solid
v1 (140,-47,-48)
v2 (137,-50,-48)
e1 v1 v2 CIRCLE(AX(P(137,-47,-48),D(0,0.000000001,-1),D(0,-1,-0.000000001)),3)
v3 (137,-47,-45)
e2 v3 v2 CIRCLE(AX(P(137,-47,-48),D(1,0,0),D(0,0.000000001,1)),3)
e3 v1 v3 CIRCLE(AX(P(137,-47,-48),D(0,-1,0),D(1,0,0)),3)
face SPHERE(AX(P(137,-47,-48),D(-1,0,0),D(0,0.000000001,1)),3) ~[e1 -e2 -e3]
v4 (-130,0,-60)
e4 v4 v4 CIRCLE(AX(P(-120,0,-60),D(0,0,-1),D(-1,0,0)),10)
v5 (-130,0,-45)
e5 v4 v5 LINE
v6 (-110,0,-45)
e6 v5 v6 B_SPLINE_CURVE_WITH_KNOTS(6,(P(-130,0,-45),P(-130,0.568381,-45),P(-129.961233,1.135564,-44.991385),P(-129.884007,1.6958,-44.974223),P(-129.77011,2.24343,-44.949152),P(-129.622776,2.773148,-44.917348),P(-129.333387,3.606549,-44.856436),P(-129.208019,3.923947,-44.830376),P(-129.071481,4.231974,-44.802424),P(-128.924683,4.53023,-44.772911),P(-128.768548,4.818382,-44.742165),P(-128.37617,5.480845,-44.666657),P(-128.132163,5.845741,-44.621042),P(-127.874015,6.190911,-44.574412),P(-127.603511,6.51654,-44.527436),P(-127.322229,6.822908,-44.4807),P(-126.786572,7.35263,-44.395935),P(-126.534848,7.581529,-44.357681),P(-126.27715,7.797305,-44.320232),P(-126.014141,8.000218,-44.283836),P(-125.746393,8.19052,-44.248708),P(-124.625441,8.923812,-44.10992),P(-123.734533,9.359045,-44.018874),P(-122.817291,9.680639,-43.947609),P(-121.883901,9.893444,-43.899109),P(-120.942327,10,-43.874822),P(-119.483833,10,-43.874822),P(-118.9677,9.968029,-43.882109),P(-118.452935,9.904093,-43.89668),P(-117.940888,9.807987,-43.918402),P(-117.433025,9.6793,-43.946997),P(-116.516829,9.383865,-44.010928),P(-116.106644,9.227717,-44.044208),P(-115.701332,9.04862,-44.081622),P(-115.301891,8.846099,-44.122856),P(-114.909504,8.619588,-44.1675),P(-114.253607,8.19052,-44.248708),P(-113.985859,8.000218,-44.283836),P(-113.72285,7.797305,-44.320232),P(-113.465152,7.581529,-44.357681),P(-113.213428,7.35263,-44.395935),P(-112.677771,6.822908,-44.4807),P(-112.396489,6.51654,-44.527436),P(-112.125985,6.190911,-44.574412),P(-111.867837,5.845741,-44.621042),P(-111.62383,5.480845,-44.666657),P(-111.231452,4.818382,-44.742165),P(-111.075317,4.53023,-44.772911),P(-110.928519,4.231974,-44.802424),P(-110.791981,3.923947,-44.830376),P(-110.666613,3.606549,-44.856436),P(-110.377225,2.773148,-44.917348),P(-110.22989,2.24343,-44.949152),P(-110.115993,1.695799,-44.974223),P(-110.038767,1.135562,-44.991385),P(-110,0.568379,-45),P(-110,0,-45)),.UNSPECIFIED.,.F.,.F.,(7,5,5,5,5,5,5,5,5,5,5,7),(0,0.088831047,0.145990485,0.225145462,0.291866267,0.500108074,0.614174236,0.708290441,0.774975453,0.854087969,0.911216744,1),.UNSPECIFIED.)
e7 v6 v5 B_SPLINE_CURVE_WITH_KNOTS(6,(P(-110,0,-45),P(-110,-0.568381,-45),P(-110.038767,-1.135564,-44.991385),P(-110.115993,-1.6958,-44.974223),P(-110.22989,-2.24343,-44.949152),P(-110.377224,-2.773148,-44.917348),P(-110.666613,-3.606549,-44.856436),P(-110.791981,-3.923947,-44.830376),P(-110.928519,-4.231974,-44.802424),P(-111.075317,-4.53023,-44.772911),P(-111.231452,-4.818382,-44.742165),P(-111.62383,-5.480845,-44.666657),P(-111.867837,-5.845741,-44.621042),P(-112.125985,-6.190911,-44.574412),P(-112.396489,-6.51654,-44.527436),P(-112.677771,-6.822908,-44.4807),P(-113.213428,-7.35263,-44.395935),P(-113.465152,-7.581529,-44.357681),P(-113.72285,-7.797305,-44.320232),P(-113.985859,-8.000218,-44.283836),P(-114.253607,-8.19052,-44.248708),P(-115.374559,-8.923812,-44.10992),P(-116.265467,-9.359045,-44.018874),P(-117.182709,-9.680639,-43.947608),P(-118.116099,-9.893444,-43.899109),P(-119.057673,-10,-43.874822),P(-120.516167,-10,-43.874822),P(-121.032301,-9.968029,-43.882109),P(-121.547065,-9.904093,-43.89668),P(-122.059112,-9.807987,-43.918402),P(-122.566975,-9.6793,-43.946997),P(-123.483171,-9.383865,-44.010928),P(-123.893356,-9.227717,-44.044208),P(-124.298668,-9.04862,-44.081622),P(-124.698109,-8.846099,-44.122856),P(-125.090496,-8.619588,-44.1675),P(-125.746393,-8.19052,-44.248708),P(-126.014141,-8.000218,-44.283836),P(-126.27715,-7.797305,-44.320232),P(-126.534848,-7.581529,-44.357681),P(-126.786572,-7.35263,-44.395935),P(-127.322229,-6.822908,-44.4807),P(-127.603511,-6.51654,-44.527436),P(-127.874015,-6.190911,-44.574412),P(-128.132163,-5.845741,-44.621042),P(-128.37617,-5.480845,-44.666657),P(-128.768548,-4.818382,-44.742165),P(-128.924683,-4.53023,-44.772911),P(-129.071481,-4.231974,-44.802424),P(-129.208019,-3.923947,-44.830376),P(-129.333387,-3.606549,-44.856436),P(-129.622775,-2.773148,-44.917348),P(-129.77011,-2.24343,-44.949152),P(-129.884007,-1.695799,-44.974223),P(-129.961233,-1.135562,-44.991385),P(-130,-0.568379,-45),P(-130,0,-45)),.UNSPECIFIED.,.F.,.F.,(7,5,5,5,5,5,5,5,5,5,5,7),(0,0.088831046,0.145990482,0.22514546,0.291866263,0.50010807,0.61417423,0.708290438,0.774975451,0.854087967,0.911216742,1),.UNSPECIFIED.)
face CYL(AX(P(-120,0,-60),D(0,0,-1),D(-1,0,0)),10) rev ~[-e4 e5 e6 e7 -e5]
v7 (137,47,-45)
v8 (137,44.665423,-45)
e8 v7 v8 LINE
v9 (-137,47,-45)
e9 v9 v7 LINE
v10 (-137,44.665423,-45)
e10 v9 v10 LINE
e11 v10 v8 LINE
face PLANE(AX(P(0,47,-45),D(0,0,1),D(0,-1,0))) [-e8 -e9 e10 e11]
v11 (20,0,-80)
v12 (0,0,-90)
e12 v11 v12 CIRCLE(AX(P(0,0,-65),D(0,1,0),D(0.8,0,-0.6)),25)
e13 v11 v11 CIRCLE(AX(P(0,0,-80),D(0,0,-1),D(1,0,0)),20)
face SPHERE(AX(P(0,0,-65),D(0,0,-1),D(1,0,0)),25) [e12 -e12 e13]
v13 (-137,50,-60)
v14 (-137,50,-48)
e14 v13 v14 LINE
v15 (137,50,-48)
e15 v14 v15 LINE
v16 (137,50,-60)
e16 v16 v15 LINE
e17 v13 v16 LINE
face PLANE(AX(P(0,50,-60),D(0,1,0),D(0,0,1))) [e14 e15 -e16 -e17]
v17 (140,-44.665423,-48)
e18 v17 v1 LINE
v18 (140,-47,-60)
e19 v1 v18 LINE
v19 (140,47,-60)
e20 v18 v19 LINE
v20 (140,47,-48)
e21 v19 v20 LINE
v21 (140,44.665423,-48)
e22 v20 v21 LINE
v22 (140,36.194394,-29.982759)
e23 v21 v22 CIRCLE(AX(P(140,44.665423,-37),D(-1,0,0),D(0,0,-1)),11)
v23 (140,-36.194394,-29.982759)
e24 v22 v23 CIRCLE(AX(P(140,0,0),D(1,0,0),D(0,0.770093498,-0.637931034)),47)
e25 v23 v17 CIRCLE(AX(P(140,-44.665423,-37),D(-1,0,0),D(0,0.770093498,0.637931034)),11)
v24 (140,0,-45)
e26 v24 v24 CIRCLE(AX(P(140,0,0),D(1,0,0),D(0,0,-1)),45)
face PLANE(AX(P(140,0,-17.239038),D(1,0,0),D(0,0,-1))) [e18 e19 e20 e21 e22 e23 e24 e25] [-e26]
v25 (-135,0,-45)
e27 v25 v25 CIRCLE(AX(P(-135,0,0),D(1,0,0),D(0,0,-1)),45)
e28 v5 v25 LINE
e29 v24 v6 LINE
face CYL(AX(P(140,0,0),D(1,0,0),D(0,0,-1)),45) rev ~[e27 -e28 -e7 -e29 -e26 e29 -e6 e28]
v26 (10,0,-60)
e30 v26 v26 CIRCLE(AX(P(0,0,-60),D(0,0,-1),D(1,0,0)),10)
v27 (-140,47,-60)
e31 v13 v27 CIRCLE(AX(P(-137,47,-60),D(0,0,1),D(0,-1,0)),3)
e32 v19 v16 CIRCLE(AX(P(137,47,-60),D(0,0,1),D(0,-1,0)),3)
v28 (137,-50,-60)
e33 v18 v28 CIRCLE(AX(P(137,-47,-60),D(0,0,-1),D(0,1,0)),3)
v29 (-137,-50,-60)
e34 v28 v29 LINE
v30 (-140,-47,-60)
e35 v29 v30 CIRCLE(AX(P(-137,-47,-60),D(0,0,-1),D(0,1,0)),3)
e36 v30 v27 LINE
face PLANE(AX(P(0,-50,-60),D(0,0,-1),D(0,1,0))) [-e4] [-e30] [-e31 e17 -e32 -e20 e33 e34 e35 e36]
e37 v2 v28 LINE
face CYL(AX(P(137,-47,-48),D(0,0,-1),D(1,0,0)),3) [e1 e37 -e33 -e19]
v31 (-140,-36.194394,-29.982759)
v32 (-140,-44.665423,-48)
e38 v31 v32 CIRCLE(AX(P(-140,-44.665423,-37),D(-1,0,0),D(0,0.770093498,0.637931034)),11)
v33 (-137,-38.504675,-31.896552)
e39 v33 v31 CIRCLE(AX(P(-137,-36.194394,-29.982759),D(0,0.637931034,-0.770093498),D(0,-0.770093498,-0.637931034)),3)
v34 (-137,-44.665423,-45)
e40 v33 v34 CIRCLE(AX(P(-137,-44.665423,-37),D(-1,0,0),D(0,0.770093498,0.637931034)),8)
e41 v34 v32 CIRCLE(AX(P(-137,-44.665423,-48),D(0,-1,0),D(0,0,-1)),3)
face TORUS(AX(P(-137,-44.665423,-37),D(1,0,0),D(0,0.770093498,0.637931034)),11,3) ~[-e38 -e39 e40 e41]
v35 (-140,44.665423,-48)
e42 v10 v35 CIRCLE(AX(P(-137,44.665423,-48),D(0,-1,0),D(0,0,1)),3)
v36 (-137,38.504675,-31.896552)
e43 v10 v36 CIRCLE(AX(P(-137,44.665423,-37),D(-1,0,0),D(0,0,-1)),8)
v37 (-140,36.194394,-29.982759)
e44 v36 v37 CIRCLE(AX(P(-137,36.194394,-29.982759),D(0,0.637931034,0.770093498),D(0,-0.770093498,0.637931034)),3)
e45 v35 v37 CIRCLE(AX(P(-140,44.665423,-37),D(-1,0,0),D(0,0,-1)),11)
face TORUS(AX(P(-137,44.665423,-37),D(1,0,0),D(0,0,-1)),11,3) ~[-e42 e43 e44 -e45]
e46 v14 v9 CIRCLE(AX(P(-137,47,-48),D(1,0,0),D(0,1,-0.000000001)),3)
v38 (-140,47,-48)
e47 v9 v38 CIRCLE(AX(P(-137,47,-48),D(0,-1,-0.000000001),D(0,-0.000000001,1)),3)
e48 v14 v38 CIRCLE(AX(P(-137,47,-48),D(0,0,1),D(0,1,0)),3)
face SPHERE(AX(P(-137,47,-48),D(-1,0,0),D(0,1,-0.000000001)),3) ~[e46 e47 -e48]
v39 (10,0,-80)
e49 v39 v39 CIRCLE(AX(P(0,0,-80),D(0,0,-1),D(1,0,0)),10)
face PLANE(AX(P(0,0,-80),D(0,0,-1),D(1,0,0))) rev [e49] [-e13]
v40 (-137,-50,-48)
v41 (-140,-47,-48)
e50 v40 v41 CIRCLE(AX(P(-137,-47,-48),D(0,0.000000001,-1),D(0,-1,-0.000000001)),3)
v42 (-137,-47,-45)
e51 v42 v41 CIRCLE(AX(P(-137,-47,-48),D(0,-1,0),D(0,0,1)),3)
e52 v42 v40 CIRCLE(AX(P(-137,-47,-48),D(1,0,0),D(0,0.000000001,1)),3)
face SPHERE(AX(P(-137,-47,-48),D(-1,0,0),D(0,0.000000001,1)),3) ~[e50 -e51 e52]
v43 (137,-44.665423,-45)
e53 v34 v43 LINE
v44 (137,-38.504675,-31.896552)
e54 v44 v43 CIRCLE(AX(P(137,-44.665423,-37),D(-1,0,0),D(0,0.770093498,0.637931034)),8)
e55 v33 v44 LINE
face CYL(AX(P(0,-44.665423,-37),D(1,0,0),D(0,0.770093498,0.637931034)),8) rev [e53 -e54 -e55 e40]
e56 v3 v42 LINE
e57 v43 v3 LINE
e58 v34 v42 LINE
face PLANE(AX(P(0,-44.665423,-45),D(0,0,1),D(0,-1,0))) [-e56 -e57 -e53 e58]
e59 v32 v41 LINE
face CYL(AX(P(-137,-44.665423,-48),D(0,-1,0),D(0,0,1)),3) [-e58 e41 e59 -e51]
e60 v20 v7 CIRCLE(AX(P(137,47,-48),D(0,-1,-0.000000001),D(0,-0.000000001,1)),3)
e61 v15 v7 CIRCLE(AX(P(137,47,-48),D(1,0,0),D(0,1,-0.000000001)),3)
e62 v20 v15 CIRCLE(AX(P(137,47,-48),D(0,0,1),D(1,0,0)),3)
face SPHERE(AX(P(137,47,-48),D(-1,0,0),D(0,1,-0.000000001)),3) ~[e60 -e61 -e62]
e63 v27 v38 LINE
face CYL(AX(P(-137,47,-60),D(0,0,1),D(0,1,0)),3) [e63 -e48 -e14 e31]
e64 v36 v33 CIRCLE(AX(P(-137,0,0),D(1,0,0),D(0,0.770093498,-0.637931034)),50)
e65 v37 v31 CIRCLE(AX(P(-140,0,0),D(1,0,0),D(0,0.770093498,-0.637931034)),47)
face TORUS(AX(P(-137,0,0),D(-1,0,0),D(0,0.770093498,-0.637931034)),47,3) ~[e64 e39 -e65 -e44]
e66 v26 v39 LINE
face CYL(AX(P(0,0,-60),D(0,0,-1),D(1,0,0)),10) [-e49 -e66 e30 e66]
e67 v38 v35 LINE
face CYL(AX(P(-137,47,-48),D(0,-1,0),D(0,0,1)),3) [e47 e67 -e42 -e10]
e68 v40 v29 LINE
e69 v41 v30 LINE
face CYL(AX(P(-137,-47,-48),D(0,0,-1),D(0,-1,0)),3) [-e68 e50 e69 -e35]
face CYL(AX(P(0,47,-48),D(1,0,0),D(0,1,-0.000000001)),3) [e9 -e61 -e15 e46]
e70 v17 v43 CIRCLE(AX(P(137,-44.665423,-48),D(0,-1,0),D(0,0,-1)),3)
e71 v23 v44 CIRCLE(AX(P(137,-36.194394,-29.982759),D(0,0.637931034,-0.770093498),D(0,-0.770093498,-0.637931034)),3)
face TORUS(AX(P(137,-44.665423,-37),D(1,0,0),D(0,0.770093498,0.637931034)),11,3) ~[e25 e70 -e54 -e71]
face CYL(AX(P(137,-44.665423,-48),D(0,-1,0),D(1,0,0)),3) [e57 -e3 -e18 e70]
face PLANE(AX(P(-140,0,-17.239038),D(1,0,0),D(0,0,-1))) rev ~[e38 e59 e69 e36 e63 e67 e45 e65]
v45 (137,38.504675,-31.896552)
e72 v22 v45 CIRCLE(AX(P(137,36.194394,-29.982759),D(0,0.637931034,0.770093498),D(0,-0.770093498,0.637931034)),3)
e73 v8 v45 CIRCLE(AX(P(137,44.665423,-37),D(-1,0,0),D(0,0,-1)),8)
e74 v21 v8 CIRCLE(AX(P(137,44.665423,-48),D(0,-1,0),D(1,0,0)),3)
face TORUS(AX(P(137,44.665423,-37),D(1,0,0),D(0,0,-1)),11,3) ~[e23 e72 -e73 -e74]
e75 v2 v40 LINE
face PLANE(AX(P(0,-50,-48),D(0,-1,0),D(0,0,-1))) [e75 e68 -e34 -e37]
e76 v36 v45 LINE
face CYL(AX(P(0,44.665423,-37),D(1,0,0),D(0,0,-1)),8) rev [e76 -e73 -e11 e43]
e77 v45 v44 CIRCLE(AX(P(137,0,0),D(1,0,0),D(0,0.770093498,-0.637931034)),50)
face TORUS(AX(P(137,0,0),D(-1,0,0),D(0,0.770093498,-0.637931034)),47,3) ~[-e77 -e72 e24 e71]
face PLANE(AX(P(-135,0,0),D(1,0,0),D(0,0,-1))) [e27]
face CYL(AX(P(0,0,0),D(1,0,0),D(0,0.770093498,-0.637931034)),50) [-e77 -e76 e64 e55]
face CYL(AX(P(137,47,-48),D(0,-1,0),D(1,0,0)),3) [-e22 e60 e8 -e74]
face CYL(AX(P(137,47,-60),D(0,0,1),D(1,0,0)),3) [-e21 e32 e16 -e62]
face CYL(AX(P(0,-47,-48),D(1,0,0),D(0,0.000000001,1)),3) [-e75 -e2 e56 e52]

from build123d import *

# Parameters (mm, degrees)
EXTRUDE_1_DEPTH     = 140
FILLET_1_R          = 3
SKETCH_3_R          = 45
CUT_EXTRUDE_1_DEPTH = 275
SKETCH_4_R          = 10
CUT_EXTRUDE_2_DEPTH = 30


with BuildPart() as part:
    # Эскиз1 → Бобышка-Вытянуть1 (new, symmetric)
    with BuildSketch(Plane(origin=(0, 0, 0), x_dir=(0, 0, -1), z_dir=(1, 0, 0))):
        with BuildLine():
            Line((60, -50), (60, 50))
            Line((60, 50), (48, 50))
            ThreePointArc((48, 50), (45.878679656, 49.121320344), (45, 47))
            Line((45, 47), (45, 44.665422868))
            ThreePointArc((45, 44.665422868), (40.403851774, 37.42568578), (31.896551724, 38.504674886))
            ThreePointArc((31.896551724, 38.504674886), (-50, 0), (31.896551724, -38.504674886))
            ThreePointArc((31.896551724, -38.504674886), (40.403851774, -37.42568578), (45, -44.665422868))
            Line((45, -44.665422868), (45, -47))
            ThreePointArc((45, -47), (45.878679656, -49.121320344), (48, -50))
            Line((48, -50), (60, -50))
        make_face()
    extrude(amount=EXTRUDE_1_DEPTH, both=True)

    # Скругление1
    fillet_1_edges = [part.edges().sort_by_distance(p)[0] for p in [
        (-140, 0, 50),
        (-140, 37.42568578, -40.403851774),
        (-140, 45.832711434, -45),
        (-140, 49.121320344, -45.878679656),
        (-140, 50, -54),
        (-140, -50, -54),
        (-140, -49.121320344, -45.878679656),
        (140, 50, -54),
        (140, 49.121320344, -45.878679656),
        (140, 45.832711434, -45),
        (140, 37.42568578, -40.403851774),
        (140, 0, 50),
        (140, -37.42568578, -40.403851774),
        (140, -45.832711434, -45),
        (140, -49.121320344, -45.878679656),
        (140, -50, -54),
        (-140, -45.832711434, -45),
        (-140, -37.42568578, -40.403851774),
    ]]
    fillet(fillet_1_edges, radius=FILLET_1_R)

    # Эскиз2 → Повернуть1 (revolve)
    with BuildSketch(Plane(origin=(0, 0, 0), x_dir=(0, 0, -1), z_dir=(1, 0, 0)), mode=Mode.PRIVATE) as revolve_1_sk:
        with BuildLine():
            Line((60, 0), (60, 10))
            Line((60, 10), (80, 10))
            Line((80, 10), (80, 20))
            ThreePointArc((80, 20), (87.360679775, 11.180339887), (90, 0))
            Line((90, 0), (60, 0))
        make_face()
    revolve(revolve_1_sk.sketch.rotate(Axis((0, 0, 60.403427692), (0, 0, -1)), 90), axis=Axis((0, 0, 60.403427692), (0, 0, -1)))

    # Эскиз3 → Вырез-Вытянуть1 (cut)
    with BuildSketch(Plane(origin=(140, 0, 0), x_dir=(0, 0, -1), z_dir=(1, 0, 0))):
        Circle(SKETCH_3_R)
    extrude(amount=-CUT_EXTRUDE_1_DEPTH, mode=Mode.SUBTRACT)

    # Эскиз4 → Вырез-Вытянуть2 (cut)
    with BuildSketch(Plane(origin=(0, 0, -60), x_dir=(-1, 0, 0), z_dir=(0, 0, -1))):
        with Locations((120, 0)):
            Circle(SKETCH_4_R)
    extrude(amount=-CUT_EXTRUDE_2_DEPTH, mode=Mode.SUBTRACT)


solid = part.part
